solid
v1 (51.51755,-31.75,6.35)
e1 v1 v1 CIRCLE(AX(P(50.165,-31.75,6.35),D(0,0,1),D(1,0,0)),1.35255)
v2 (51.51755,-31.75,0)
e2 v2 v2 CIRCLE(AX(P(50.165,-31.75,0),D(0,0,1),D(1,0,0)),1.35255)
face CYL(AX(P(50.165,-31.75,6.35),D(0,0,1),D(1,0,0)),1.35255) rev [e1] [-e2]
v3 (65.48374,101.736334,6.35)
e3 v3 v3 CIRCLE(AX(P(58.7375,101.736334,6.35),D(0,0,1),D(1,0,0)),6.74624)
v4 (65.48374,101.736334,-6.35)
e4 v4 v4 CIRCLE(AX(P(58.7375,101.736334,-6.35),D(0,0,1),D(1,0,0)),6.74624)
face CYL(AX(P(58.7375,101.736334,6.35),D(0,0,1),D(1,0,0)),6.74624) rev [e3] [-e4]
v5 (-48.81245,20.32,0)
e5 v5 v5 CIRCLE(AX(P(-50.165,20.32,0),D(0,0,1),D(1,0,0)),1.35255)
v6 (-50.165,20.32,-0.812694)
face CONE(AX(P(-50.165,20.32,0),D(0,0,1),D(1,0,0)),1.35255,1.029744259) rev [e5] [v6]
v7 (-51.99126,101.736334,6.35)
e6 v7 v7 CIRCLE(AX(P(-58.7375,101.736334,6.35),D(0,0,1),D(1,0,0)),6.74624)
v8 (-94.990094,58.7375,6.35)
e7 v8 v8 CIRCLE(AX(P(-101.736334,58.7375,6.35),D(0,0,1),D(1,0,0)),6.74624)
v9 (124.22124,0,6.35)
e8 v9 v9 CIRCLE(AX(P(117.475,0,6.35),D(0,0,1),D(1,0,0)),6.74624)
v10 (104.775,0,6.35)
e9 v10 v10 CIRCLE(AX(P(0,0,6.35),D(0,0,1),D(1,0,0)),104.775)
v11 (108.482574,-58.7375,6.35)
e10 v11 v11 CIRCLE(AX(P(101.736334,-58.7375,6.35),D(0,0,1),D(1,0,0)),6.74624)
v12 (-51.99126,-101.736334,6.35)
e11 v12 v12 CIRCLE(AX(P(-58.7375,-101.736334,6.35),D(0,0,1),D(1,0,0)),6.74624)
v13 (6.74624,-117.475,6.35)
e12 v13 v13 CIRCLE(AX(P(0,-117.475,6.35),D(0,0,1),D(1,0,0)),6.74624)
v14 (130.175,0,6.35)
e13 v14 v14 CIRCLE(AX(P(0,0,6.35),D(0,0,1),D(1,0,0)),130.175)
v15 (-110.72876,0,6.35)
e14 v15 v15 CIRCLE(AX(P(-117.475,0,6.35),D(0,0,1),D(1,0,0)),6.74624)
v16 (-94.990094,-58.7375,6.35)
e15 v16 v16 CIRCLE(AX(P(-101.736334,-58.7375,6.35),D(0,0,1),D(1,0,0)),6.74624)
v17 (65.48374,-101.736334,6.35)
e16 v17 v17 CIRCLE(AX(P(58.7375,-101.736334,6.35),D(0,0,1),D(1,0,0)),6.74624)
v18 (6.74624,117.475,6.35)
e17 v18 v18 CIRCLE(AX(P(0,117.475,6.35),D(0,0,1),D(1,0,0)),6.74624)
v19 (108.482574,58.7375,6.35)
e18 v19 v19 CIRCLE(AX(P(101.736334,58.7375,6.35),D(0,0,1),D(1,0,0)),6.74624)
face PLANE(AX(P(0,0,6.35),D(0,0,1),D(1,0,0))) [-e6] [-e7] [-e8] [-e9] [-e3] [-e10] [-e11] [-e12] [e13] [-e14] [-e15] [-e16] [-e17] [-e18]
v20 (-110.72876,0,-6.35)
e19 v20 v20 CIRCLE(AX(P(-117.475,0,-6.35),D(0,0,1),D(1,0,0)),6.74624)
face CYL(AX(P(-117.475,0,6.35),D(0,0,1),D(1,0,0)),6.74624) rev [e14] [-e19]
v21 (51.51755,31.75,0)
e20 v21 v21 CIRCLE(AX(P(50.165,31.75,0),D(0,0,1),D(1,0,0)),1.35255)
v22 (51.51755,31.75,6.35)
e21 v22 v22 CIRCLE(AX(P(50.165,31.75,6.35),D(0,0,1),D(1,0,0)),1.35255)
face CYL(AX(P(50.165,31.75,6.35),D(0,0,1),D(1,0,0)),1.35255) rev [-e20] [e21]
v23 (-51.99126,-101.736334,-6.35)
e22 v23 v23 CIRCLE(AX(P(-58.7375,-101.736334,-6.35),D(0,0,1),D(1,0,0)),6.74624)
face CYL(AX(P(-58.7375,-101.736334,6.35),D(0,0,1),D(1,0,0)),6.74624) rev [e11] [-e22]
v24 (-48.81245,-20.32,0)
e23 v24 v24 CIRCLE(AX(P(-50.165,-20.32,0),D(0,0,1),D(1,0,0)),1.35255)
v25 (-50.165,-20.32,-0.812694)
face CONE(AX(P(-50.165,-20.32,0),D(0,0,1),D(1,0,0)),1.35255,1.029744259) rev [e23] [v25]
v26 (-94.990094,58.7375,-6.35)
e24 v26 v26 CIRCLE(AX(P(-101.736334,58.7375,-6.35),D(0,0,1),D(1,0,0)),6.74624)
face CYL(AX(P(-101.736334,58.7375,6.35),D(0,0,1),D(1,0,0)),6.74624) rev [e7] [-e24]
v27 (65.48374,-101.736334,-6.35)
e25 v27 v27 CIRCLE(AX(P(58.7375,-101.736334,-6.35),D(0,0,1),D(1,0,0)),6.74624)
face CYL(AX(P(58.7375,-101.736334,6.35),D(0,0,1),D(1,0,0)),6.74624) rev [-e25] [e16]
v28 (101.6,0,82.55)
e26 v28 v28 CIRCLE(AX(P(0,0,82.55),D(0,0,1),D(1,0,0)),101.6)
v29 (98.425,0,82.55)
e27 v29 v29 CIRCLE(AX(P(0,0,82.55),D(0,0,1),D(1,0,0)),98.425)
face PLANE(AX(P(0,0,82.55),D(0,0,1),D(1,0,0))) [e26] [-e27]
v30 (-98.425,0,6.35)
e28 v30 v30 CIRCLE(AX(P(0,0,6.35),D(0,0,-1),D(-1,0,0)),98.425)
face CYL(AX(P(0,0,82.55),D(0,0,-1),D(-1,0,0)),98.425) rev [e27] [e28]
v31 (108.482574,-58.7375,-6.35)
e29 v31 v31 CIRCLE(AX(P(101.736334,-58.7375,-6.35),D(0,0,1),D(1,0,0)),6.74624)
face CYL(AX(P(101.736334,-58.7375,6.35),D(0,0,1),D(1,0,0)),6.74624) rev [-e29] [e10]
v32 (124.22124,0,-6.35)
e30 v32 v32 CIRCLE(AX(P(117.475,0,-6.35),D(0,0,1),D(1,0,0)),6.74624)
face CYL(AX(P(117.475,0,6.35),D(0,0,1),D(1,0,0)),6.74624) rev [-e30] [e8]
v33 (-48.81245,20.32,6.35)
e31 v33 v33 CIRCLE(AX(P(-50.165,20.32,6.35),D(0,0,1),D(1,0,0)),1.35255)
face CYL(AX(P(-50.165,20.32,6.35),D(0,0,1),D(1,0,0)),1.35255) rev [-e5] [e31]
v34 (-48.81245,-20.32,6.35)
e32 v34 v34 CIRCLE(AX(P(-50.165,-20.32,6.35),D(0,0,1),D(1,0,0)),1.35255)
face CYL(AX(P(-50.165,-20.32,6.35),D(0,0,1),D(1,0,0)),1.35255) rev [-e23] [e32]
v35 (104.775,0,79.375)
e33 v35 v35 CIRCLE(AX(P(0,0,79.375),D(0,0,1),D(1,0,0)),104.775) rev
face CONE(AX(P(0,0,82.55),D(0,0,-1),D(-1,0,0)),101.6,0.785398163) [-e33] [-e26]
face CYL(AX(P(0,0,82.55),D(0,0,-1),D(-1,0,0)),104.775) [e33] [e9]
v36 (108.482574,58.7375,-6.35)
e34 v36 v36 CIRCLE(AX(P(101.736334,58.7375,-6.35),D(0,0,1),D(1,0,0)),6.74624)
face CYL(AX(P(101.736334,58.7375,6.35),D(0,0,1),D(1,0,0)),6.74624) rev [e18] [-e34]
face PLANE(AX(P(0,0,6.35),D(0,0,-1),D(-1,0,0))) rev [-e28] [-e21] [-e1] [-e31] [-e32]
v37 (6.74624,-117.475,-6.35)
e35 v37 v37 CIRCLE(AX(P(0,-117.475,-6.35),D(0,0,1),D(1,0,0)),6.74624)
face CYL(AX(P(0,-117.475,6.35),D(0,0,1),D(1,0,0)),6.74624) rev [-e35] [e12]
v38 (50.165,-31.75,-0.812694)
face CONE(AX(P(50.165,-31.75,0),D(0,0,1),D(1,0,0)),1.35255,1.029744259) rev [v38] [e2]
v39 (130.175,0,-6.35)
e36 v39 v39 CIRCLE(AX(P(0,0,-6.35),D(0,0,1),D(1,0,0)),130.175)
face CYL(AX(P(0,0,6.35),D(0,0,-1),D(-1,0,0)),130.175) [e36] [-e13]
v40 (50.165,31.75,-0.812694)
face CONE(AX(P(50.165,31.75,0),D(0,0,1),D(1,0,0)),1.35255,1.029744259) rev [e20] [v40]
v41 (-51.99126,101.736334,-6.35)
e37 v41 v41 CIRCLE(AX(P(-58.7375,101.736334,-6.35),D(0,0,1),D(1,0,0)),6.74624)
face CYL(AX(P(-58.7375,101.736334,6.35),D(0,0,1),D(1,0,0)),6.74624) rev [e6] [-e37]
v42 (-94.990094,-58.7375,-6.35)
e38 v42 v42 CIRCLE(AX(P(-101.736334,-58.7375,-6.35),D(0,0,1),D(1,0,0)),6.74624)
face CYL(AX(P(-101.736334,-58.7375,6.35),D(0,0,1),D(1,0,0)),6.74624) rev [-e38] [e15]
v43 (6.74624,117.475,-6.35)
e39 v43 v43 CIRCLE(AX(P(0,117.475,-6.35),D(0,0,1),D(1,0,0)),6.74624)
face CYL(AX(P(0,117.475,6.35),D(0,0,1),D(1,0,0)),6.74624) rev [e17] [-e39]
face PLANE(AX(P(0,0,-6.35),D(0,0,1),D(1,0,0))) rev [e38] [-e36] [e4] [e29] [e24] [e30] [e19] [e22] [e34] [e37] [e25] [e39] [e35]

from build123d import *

# Parameters (mm, degrees)
SKETCH1_R                     = 130.175
SKETCH1_R_2                   = 104.775
BOSS_EXTRUDE1_DEPTH           = 6.35
SKETCH2_R                     = 104.775
SKETCH2_R_2                   = 98.425
BOSS_EXTRUDE2_DEPTH           = 82.55
SKETCH3_R                     = 98.425
BOSS_EXTRUDE3_DEPTH           = 6.35
CHAMFER1_SIZE                 = 3.175
F_1_2_CLEARANCE_HOLE1_D       = 13.49248
CIRPATTERN1_COUNT             = 12
MOVE_FACE1_BY                 = 6.35
TAP_DRILL_FOR_6_32_TAP1_D     = 2.7051
TAP_DRILL_FOR_6_32_TAP1_DEPTH = 6.35
TAP_DRILL_FOR_6_32_TAP1_TIP   = 0.81269403


with BuildPart() as part:
    # Sketch1 → Boss-Extrude1 (new body)
    with BuildSketch(Plane.XY):
        Circle(SKETCH1_R)
        Circle(SKETCH1_R_2, mode=Mode.SUBTRACT)
    extrude(amount=BOSS_EXTRUDE1_DEPTH)

    # Sketch2 → Boss-Extrude2 (add)
    with BuildSketch(Plane.XY):
        Circle(SKETCH2_R)
        Circle(SKETCH2_R_2, mode=Mode.SUBTRACT)
    extrude(amount=BOSS_EXTRUDE2_DEPTH)

    # Sketch3 → Boss-Extrude3 (add)
    with BuildSketch(Plane(origin=(0, 0, 0), x_dir=(-1, 0, 0), z_dir=(0, 0, -1))):
        Circle(SKETCH3_R)
    extrude(amount=-BOSS_EXTRUDE3_DEPTH)

    # Chamfer1
    chamfer1_edges = [part.edges().sort_by_distance(p)[0] for p in [
        (-104.775, 0, 82.55),
    ]]
    chamfer(chamfer1_edges, length=CHAMFER1_SIZE)

    # 1/2 Clearance Hole1 (through all)
    with Locations(Plane.XY.offset(6.35)):
        with Locations((0, 117.475)):
            f_1_2_clearance_hole1 = Hole(F_1_2_CLEARANCE_HOLE1_D / 2)

    # CirPattern1: 1/2 Clearance Hole1 ×12 about axis
    cirpattern1_axis = Axis((0, 0, 0), (0, 0, 1))
    for i in range(1, CIRPATTERN1_COUNT):
        add(f_1_2_clearance_hole1.rotate(cirpattern1_axis, i * 360 / CIRPATTERN1_COUNT), mode=Mode.SUBTRACT)

    # Move Face1: a face moved outward by 6.35
    extrude(part.faces().sort_by_distance((0, 0, 0))[0], amount=MOVE_FACE1_BY, dir=(0, 0, -1))

    # Tap Drill for #6-32 Tap1
    with Locations(Plane(origin=(-50.165, 20.32, 6.35), x_dir=(1, 0, 0), z_dir=(0, 0, 1))):
        with Locations((0, 0), (0, -40.64), (100.33, -52.07), (100.33, 11.43)):
            Hole(TAP_DRILL_FOR_6_32_TAP1_D / 2, depth=TAP_DRILL_FOR_6_32_TAP1_DEPTH)
            with Locations((0, 0, -(TAP_DRILL_FOR_6_32_TAP1_DEPTH + TAP_DRILL_FOR_6_32_TAP1_TIP / 2))):  # 118° drill point
                Cone(0, TAP_DRILL_FOR_6_32_TAP1_D / 2, TAP_DRILL_FOR_6_32_TAP1_TIP, mode=Mode.SUBTRACT)


solid = part.part
